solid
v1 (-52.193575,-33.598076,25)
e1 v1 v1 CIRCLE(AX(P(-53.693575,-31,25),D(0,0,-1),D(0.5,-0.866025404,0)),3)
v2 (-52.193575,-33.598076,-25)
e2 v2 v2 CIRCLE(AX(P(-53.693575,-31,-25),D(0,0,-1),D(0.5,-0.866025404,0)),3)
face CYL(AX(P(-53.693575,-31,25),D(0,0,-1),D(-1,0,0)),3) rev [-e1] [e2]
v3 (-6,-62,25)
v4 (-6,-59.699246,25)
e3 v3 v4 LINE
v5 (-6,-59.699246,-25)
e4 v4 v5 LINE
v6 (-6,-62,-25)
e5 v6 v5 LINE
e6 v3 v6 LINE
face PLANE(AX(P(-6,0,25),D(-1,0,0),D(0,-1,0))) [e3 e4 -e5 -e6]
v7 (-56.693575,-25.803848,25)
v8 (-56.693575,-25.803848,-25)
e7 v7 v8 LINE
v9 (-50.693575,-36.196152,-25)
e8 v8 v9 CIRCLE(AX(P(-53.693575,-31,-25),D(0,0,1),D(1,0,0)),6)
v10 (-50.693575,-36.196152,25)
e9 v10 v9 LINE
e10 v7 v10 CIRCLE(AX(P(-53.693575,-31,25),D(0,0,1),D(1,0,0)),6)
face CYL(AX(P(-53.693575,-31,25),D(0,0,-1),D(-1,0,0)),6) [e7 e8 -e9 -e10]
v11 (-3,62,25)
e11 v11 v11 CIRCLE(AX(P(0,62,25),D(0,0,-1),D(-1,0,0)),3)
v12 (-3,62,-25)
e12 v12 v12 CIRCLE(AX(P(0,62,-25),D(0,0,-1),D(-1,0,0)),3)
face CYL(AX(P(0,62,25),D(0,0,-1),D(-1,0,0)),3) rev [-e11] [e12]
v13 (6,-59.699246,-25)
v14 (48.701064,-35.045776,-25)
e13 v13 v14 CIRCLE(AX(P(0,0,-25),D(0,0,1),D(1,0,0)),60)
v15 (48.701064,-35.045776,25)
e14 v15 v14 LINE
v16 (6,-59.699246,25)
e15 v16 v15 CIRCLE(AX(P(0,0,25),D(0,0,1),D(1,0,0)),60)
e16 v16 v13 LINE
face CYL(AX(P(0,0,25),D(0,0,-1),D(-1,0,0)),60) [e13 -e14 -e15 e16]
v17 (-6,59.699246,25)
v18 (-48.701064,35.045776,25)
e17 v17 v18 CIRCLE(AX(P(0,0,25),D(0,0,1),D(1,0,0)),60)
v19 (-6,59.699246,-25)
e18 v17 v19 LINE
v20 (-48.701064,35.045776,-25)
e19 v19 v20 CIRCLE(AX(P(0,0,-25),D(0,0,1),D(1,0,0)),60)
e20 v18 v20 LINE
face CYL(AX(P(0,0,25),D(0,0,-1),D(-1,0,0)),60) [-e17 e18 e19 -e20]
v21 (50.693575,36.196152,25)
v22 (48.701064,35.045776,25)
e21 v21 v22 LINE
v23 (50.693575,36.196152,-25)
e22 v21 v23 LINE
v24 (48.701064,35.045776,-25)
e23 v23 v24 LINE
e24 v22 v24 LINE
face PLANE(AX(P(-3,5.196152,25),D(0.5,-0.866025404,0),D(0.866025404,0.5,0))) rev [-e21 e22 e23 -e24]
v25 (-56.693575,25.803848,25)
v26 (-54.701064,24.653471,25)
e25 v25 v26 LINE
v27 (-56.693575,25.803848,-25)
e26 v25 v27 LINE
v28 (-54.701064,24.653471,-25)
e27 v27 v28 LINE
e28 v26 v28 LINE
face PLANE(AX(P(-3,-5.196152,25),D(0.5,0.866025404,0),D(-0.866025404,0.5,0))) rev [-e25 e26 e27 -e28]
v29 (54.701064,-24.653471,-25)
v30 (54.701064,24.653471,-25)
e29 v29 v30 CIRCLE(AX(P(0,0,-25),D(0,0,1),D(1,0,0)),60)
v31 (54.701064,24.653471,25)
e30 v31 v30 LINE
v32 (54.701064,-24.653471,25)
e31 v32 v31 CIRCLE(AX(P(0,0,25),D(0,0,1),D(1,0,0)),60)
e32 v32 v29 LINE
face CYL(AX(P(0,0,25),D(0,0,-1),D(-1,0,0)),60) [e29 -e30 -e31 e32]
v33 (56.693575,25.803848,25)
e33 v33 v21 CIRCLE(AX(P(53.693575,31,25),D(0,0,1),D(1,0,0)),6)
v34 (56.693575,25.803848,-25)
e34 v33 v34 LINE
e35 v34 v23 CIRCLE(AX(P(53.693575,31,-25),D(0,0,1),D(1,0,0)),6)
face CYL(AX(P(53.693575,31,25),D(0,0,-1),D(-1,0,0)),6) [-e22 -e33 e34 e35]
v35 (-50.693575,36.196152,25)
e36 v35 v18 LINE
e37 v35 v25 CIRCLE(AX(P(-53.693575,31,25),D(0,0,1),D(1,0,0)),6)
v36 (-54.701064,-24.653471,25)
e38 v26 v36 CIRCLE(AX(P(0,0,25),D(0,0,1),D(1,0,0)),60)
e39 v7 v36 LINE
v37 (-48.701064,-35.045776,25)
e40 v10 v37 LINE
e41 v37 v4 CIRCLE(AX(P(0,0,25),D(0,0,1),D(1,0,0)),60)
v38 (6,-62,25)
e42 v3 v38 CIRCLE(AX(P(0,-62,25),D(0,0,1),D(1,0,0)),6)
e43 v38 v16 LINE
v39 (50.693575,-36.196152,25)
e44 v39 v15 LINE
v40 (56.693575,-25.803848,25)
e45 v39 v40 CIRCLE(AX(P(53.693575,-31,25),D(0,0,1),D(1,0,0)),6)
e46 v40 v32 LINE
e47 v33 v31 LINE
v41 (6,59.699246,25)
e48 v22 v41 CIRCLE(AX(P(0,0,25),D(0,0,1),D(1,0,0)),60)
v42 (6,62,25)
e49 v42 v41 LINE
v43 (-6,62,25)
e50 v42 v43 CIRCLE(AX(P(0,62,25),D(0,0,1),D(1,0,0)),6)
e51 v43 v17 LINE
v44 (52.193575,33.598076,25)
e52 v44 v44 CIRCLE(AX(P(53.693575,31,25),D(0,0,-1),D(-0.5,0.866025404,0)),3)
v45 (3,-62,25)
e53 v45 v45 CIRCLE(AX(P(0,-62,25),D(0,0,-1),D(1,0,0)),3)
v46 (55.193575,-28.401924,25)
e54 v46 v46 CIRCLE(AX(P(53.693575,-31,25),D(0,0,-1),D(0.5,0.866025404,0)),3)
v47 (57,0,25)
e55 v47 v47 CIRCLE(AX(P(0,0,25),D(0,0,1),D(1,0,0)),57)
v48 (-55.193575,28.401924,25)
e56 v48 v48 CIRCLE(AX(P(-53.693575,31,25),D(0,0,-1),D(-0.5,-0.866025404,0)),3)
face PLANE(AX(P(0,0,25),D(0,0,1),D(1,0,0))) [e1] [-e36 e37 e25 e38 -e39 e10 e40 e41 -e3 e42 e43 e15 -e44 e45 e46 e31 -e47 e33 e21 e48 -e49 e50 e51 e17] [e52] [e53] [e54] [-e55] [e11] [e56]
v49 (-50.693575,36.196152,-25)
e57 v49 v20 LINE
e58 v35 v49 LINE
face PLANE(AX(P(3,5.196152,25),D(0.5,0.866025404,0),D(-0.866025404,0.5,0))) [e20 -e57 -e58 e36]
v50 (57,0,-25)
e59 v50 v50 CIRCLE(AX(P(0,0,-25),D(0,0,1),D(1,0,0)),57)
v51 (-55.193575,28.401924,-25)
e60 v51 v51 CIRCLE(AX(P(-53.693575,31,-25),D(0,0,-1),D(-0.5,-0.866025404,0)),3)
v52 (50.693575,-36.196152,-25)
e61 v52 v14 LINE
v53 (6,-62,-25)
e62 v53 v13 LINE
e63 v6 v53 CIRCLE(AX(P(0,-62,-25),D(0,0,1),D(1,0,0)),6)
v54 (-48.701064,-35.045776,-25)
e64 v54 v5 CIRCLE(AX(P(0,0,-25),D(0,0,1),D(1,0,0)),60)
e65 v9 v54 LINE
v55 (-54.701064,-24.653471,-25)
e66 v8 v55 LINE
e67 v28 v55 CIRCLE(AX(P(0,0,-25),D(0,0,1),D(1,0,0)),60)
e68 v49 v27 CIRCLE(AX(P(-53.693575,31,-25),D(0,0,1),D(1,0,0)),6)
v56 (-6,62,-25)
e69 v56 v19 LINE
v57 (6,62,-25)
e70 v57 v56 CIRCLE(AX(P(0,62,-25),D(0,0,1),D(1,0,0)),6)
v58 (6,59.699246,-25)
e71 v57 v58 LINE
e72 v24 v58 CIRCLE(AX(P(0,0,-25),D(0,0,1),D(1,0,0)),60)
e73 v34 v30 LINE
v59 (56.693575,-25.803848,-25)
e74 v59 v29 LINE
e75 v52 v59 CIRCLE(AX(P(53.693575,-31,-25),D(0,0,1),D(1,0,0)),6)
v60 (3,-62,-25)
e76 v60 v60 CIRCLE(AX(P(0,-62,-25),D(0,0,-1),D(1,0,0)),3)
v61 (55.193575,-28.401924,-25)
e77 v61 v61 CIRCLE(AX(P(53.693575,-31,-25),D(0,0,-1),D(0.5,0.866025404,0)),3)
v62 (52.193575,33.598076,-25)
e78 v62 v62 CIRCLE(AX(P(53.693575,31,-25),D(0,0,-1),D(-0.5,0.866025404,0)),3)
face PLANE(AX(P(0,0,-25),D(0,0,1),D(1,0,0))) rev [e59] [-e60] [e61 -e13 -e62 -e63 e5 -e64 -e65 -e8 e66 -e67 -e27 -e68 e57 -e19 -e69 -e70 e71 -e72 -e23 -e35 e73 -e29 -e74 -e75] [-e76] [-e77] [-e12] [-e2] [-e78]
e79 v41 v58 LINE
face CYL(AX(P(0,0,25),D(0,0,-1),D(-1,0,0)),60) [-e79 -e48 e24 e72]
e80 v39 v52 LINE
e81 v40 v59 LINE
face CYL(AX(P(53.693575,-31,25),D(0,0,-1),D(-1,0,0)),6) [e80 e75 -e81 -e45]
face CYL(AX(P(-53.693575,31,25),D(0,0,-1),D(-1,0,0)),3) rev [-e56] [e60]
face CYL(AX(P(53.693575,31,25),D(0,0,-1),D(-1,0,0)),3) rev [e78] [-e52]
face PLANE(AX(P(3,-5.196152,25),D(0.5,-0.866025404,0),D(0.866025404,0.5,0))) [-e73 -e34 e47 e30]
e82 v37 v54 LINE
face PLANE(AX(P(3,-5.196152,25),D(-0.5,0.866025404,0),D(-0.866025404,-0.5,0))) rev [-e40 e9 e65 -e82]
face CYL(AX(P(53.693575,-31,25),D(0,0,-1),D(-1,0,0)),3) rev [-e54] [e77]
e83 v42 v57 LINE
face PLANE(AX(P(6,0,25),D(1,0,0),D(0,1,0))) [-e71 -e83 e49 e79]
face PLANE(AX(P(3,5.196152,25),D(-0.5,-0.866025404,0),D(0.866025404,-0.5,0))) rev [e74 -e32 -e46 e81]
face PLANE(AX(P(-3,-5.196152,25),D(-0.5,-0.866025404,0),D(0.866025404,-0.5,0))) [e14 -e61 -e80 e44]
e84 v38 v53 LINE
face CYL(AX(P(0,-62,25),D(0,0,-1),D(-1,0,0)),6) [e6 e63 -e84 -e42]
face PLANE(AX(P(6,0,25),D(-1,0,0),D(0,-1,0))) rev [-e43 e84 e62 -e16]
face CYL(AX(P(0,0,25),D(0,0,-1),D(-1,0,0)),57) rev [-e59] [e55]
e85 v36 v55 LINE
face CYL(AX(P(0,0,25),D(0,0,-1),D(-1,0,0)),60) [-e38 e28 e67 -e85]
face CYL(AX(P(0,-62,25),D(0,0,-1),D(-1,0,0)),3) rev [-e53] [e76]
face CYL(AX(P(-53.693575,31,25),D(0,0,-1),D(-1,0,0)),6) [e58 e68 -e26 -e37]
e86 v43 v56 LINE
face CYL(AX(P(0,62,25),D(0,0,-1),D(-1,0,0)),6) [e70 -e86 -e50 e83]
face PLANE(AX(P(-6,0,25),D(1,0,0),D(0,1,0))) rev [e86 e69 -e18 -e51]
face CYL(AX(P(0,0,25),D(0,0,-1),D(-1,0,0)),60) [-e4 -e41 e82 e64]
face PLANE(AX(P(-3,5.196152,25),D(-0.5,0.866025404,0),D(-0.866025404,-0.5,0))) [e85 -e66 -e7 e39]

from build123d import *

# Parameters (mm, degrees)
SKETCH1_R           = 57
BOSS_EXTRUDE1_DEPTH = 25
SKETCH3_R           = 3
CUT_EXTRUDE1_DEPTH  = 104.556747728
CIRPATTERN1_COUNT   = 6


with BuildPart() as part:
    # Sketch1 → Boss-Extrude1 (new, symmetric)
    with BuildSketch(Plane.XY):
        with BuildLine():
            Line((6, 59.699246226), (6, 62))
            ThreePointArc((6, 62), (0, 68), (-6, 62))
            Line((-6, 62), (-6, 59.699246226))
            ThreePointArc((-6, 59.699246226), (-30, 51.961524227), (-48.701063819, 35.045775536))
            Line((-48.701063819, 35.045775536), (-50.693575035, 36.196152423))
            ThreePointArc((-50.693575035, 36.196152423), (-58.889727457, 34), (-56.693575035, 25.803847577))
            Line((-56.693575035, 25.803847577), (-54.701063819, 24.65347069))
            ThreePointArc((-54.701063819, 24.65347069), (-60, 0), (-54.701063819, -24.65347069))
            Line((-54.701063819, -24.65347069), (-56.693575035, -25.803847577))
            ThreePointArc((-56.693575035, -25.803847577), (-58.889727457, -34), (-50.693575035, -36.196152423))
            Line((-50.693575035, -36.196152423), (-48.701063819, -35.045775536))
            ThreePointArc((-48.701063819, -35.045775536), (-30, -51.961524227), (-6, -59.699246226))
            Line((-6, -59.699246226), (-6, -62))
            ThreePointArc((-6, -62), (0, -68), (6, -62))
            Line((6, -62), (6, -59.699246226))
            ThreePointArc((6, -59.699246226), (30, -51.961524227), (48.701063819, -35.045775536))
            Line((48.701063819, -35.045775536), (50.693575035, -36.196152423))
            ThreePointArc((50.693575035, -36.196152423), (58.889727457, -34), (56.693575035, -25.803847577))
            Line((56.693575035, -25.803847577), (54.701063819, -24.65347069))
            ThreePointArc((54.701063819, -24.65347069), (60, 0), (54.701063819, 24.65347069))
            Line((54.701063819, 24.65347069), (56.693575035, 25.803847577))
            ThreePointArc((56.693575035, 25.803847577), (58.889727457, 34), (50.693575035, 36.196152423))
            Line((50.693575035, 36.196152423), (48.701063819, 35.045775536))
            ThreePointArc((48.701063819, 35.045775536), (30, 51.961524227), (6, 59.699246226))
        make_face()
        Circle(SKETCH1_R, mode=Mode.SUBTRACT)
    extrude(amount=BOSS_EXTRUDE1_DEPTH, both=True)

    # Sketch3 → Cut-Extrude1 (cut, through all)
    with BuildSketch(Plane(origin=(0, 0, -25), x_dir=(-1, 0, 0), z_dir=(0, 0, -1))):
        with Locations((0, 62)):
            Circle(SKETCH3_R)
    cut_extrude1 = extrude(amount=-CUT_EXTRUDE1_DEPTH, mode=Mode.SUBTRACT)

    # CirPattern1: Cut-Extrude1 ×6 about axis
    cirpattern1_axis = Axis((0, 0, 0), (0, 0, 1))
    for i in range(1, CIRPATTERN1_COUNT):
        add(cut_extrude1.rotate(cirpattern1_axis, i * 360 / CIRPATTERN1_COUNT), mode=Mode.SUBTRACT)


solid = part.part
